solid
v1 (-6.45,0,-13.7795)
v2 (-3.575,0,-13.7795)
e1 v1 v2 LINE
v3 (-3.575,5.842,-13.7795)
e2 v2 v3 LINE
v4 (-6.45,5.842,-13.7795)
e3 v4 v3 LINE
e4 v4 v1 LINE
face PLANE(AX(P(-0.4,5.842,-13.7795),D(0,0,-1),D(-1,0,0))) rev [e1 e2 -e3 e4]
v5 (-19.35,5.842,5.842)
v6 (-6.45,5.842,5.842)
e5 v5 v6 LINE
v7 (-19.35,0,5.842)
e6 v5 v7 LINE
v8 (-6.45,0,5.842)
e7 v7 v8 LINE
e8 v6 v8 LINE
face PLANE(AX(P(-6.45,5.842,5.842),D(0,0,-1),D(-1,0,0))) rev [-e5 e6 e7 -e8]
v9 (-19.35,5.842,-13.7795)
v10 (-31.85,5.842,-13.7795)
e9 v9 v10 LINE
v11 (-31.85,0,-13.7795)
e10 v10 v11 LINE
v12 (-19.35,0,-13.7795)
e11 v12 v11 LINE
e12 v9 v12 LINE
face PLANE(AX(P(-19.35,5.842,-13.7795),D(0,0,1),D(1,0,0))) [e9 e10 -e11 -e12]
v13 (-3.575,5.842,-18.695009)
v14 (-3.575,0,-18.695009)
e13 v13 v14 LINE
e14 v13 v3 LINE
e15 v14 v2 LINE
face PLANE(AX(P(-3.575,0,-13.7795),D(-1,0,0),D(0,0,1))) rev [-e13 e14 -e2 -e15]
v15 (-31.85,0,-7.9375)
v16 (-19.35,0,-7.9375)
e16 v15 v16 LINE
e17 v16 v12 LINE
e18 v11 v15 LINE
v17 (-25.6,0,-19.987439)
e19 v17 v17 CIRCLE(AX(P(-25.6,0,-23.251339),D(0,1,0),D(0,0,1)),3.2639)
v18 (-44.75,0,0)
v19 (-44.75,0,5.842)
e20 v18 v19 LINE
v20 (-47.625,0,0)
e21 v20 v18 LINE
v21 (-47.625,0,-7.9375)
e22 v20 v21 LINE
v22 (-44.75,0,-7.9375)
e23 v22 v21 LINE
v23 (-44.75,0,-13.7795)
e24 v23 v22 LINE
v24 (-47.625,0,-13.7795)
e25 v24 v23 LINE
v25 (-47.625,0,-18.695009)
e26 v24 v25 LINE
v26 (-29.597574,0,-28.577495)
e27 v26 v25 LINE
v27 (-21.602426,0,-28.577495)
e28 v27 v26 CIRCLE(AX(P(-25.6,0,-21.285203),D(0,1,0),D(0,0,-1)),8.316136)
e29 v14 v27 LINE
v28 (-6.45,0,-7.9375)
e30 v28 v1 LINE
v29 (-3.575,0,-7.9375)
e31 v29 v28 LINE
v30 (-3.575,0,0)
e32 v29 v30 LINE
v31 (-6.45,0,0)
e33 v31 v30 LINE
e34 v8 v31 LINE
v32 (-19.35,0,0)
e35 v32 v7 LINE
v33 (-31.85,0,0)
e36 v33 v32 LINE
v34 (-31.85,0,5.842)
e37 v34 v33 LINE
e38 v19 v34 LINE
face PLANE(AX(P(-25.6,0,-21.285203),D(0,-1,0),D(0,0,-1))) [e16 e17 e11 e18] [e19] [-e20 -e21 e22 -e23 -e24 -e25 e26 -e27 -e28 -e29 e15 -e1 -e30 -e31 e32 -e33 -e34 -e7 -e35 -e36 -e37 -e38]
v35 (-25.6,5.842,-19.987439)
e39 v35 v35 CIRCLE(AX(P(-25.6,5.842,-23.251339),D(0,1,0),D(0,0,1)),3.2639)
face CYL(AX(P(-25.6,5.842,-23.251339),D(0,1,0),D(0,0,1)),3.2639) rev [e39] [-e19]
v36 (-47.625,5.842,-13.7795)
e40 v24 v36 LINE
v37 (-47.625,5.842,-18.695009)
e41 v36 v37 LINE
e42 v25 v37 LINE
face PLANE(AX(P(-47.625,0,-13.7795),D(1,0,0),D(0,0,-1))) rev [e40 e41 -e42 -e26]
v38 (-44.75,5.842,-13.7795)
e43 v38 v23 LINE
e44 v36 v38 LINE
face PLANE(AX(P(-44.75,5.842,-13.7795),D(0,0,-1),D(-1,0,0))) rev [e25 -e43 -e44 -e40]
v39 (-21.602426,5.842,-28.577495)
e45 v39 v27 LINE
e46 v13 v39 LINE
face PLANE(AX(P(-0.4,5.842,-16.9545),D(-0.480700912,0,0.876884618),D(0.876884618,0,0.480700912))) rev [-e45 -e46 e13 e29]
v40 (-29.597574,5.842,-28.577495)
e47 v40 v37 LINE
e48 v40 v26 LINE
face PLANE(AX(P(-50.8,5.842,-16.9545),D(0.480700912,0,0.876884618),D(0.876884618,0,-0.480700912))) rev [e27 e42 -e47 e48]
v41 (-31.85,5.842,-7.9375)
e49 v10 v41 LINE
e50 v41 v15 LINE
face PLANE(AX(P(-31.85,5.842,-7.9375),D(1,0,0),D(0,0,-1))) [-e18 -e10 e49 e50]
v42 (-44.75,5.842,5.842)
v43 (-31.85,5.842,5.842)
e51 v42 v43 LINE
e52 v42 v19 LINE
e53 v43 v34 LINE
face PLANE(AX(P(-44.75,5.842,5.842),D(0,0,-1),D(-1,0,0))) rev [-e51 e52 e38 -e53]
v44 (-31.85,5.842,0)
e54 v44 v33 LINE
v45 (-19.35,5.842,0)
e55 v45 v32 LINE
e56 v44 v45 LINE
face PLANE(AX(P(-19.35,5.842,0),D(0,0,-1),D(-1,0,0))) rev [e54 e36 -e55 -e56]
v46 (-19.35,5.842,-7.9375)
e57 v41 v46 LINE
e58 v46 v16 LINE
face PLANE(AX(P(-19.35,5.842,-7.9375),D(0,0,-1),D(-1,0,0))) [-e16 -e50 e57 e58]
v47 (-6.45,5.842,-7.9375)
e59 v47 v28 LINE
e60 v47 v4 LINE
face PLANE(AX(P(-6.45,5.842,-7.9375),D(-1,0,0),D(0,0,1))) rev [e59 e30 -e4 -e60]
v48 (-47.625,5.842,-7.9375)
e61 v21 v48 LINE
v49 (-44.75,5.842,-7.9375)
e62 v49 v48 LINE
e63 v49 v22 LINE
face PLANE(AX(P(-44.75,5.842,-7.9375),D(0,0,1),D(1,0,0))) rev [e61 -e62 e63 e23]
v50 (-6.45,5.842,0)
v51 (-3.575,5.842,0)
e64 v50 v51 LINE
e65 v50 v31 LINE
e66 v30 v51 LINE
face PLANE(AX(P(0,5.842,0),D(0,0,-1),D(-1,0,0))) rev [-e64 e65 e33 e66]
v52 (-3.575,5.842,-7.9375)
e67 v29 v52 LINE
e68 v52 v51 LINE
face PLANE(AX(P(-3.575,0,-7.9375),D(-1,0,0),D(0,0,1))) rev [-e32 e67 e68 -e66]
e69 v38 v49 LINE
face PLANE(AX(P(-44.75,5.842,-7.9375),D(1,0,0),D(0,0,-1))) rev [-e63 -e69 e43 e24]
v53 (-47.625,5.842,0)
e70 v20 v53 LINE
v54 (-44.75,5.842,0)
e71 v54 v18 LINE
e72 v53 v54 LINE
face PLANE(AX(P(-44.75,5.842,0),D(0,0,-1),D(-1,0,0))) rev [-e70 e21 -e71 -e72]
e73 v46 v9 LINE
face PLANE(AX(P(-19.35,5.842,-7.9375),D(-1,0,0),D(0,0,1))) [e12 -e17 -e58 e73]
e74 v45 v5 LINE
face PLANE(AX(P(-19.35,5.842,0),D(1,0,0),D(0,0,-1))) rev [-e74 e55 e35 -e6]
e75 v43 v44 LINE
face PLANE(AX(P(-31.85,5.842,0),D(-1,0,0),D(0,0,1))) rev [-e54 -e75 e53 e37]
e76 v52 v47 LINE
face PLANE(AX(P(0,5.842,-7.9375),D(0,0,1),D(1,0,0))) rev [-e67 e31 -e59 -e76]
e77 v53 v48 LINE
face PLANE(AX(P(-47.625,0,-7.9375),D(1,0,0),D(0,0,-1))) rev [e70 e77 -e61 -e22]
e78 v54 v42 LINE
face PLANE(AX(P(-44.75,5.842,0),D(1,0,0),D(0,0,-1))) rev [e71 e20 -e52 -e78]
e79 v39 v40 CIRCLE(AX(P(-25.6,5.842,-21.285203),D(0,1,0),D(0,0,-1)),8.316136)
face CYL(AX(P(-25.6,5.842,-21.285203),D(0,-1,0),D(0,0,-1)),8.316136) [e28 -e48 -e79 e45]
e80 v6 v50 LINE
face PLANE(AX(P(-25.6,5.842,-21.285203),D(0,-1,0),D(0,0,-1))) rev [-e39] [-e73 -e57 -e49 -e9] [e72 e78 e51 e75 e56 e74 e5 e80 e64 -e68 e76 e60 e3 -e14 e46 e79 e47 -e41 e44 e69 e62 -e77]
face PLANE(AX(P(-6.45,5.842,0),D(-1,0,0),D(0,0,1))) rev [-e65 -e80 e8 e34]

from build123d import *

# Parameters (mm, degrees)
SKETCH1_W                = 12.5
SKETCH1_H                = 5.842
BOSS_EXTRUDE2_DEPTH      = 5.842
F_0_257_DIAMETER_HOLE1_D = 6.5278
SKETCH4_W                = 3.175
SKETCH4_H                = 7.9375
SKETCH4_H_2              = 6.35
CUT_EXTRUDE1_DEPTH       = 60.084754764


with BuildPart() as part:
    # Sketch1 → Boss-Extrude2 (new body)
    with BuildSketch(Plane(origin=(0, 0, 0), x_dir=(1, 0, 0), z_dir=(0, 1, 0))):
        with BuildLine():
            Line((0, 0), (-6.45, 0))
            Line((-6.45, 0), (-6.45, -5.842))
            Line((-6.45, -5.842), (-19.35, -5.842))
            Line((-19.35, -5.842), (-19.35, 0))
            Line((-19.35, 0), (-31.85, 0))
            Line((-31.85, 0), (-31.85, -5.842))
            Line((-31.85, -5.842), (-44.75, -5.842))
            Line((-44.75, -5.842), (-44.75, 0))
            Line((-44.75, 0), (-50.8, 0))
            Line((-50.8, 0), (-50.8, 7.9375))
            Line((-50.8, 7.9375), (-44.75, 7.9375))
            Line((-44.75, 7.9375), (-44.75, 13.7795))
            Line((-44.75, 13.7795), (-50.8, 13.7795))
            Line((-50.8, 13.7795), (-50.8, 16.9545))
            Line((-50.8, 16.9545), (-29.597574108, 28.577494936))
            ThreePointArc((-29.597574108, 28.577494936), (-25.6, 29.601339184), (-21.602425892, 28.577494936))
            Line((-21.602425892, 28.577494936), (-0.4, 16.9545))
            Line((-0.4, 16.9545), (-0.4, 13.7795))
            Line((-0.4, 13.7795), (-6.45, 13.7795))
            Line((-6.45, 13.7795), (-6.45, 7.9375))
            Line((-6.45, 7.9375), (0, 7.9375))
            Line((0, 7.9375), (0, 0))
        make_face()
        with Locations((-25.6, 10.8585)):
            Rectangle(SKETCH1_W, SKETCH1_H, mode=Mode.SUBTRACT)
    extrude(amount=BOSS_EXTRUDE2_DEPTH)

    # F (0.257) Diameter Hole1 (through all)
    with Locations(Plane(origin=(0, 5.842, 0), x_dir=(1, 0, 0), z_dir=(0, 1, 0))):
        with Locations((-25.6, 23.251339184)):
            Hole(F_0_257_DIAMETER_HOLE1_D / 2)

    # Sketch4 → Cut-Extrude1 (cut, through all)
    with BuildSketch(Plane(origin=(0, 5.842, 0), x_dir=(1, 0, 0), z_dir=(0, 1, 0))):
        with Locations((-49.2125, 3.96875)):
            Rectangle(SKETCH4_W, SKETCH4_H)
        Polygon((-3.575, 7.9375), (-3.575, 0), (-0.4, 0), (0, 0), (0, 7.9375), (-0.4, 7.9375), align=None)
        with Locations((-49.2125, 16.9545)):
            Rectangle(SKETCH4_W, SKETCH4_H_2)
        with Locations((-1.9875, 16.9545)):
            Rectangle(SKETCH4_W, SKETCH4_H_2)
    extrude(amount=-CUT_EXTRUDE1_DEPTH, mode=Mode.SUBTRACT)


solid = part.part
